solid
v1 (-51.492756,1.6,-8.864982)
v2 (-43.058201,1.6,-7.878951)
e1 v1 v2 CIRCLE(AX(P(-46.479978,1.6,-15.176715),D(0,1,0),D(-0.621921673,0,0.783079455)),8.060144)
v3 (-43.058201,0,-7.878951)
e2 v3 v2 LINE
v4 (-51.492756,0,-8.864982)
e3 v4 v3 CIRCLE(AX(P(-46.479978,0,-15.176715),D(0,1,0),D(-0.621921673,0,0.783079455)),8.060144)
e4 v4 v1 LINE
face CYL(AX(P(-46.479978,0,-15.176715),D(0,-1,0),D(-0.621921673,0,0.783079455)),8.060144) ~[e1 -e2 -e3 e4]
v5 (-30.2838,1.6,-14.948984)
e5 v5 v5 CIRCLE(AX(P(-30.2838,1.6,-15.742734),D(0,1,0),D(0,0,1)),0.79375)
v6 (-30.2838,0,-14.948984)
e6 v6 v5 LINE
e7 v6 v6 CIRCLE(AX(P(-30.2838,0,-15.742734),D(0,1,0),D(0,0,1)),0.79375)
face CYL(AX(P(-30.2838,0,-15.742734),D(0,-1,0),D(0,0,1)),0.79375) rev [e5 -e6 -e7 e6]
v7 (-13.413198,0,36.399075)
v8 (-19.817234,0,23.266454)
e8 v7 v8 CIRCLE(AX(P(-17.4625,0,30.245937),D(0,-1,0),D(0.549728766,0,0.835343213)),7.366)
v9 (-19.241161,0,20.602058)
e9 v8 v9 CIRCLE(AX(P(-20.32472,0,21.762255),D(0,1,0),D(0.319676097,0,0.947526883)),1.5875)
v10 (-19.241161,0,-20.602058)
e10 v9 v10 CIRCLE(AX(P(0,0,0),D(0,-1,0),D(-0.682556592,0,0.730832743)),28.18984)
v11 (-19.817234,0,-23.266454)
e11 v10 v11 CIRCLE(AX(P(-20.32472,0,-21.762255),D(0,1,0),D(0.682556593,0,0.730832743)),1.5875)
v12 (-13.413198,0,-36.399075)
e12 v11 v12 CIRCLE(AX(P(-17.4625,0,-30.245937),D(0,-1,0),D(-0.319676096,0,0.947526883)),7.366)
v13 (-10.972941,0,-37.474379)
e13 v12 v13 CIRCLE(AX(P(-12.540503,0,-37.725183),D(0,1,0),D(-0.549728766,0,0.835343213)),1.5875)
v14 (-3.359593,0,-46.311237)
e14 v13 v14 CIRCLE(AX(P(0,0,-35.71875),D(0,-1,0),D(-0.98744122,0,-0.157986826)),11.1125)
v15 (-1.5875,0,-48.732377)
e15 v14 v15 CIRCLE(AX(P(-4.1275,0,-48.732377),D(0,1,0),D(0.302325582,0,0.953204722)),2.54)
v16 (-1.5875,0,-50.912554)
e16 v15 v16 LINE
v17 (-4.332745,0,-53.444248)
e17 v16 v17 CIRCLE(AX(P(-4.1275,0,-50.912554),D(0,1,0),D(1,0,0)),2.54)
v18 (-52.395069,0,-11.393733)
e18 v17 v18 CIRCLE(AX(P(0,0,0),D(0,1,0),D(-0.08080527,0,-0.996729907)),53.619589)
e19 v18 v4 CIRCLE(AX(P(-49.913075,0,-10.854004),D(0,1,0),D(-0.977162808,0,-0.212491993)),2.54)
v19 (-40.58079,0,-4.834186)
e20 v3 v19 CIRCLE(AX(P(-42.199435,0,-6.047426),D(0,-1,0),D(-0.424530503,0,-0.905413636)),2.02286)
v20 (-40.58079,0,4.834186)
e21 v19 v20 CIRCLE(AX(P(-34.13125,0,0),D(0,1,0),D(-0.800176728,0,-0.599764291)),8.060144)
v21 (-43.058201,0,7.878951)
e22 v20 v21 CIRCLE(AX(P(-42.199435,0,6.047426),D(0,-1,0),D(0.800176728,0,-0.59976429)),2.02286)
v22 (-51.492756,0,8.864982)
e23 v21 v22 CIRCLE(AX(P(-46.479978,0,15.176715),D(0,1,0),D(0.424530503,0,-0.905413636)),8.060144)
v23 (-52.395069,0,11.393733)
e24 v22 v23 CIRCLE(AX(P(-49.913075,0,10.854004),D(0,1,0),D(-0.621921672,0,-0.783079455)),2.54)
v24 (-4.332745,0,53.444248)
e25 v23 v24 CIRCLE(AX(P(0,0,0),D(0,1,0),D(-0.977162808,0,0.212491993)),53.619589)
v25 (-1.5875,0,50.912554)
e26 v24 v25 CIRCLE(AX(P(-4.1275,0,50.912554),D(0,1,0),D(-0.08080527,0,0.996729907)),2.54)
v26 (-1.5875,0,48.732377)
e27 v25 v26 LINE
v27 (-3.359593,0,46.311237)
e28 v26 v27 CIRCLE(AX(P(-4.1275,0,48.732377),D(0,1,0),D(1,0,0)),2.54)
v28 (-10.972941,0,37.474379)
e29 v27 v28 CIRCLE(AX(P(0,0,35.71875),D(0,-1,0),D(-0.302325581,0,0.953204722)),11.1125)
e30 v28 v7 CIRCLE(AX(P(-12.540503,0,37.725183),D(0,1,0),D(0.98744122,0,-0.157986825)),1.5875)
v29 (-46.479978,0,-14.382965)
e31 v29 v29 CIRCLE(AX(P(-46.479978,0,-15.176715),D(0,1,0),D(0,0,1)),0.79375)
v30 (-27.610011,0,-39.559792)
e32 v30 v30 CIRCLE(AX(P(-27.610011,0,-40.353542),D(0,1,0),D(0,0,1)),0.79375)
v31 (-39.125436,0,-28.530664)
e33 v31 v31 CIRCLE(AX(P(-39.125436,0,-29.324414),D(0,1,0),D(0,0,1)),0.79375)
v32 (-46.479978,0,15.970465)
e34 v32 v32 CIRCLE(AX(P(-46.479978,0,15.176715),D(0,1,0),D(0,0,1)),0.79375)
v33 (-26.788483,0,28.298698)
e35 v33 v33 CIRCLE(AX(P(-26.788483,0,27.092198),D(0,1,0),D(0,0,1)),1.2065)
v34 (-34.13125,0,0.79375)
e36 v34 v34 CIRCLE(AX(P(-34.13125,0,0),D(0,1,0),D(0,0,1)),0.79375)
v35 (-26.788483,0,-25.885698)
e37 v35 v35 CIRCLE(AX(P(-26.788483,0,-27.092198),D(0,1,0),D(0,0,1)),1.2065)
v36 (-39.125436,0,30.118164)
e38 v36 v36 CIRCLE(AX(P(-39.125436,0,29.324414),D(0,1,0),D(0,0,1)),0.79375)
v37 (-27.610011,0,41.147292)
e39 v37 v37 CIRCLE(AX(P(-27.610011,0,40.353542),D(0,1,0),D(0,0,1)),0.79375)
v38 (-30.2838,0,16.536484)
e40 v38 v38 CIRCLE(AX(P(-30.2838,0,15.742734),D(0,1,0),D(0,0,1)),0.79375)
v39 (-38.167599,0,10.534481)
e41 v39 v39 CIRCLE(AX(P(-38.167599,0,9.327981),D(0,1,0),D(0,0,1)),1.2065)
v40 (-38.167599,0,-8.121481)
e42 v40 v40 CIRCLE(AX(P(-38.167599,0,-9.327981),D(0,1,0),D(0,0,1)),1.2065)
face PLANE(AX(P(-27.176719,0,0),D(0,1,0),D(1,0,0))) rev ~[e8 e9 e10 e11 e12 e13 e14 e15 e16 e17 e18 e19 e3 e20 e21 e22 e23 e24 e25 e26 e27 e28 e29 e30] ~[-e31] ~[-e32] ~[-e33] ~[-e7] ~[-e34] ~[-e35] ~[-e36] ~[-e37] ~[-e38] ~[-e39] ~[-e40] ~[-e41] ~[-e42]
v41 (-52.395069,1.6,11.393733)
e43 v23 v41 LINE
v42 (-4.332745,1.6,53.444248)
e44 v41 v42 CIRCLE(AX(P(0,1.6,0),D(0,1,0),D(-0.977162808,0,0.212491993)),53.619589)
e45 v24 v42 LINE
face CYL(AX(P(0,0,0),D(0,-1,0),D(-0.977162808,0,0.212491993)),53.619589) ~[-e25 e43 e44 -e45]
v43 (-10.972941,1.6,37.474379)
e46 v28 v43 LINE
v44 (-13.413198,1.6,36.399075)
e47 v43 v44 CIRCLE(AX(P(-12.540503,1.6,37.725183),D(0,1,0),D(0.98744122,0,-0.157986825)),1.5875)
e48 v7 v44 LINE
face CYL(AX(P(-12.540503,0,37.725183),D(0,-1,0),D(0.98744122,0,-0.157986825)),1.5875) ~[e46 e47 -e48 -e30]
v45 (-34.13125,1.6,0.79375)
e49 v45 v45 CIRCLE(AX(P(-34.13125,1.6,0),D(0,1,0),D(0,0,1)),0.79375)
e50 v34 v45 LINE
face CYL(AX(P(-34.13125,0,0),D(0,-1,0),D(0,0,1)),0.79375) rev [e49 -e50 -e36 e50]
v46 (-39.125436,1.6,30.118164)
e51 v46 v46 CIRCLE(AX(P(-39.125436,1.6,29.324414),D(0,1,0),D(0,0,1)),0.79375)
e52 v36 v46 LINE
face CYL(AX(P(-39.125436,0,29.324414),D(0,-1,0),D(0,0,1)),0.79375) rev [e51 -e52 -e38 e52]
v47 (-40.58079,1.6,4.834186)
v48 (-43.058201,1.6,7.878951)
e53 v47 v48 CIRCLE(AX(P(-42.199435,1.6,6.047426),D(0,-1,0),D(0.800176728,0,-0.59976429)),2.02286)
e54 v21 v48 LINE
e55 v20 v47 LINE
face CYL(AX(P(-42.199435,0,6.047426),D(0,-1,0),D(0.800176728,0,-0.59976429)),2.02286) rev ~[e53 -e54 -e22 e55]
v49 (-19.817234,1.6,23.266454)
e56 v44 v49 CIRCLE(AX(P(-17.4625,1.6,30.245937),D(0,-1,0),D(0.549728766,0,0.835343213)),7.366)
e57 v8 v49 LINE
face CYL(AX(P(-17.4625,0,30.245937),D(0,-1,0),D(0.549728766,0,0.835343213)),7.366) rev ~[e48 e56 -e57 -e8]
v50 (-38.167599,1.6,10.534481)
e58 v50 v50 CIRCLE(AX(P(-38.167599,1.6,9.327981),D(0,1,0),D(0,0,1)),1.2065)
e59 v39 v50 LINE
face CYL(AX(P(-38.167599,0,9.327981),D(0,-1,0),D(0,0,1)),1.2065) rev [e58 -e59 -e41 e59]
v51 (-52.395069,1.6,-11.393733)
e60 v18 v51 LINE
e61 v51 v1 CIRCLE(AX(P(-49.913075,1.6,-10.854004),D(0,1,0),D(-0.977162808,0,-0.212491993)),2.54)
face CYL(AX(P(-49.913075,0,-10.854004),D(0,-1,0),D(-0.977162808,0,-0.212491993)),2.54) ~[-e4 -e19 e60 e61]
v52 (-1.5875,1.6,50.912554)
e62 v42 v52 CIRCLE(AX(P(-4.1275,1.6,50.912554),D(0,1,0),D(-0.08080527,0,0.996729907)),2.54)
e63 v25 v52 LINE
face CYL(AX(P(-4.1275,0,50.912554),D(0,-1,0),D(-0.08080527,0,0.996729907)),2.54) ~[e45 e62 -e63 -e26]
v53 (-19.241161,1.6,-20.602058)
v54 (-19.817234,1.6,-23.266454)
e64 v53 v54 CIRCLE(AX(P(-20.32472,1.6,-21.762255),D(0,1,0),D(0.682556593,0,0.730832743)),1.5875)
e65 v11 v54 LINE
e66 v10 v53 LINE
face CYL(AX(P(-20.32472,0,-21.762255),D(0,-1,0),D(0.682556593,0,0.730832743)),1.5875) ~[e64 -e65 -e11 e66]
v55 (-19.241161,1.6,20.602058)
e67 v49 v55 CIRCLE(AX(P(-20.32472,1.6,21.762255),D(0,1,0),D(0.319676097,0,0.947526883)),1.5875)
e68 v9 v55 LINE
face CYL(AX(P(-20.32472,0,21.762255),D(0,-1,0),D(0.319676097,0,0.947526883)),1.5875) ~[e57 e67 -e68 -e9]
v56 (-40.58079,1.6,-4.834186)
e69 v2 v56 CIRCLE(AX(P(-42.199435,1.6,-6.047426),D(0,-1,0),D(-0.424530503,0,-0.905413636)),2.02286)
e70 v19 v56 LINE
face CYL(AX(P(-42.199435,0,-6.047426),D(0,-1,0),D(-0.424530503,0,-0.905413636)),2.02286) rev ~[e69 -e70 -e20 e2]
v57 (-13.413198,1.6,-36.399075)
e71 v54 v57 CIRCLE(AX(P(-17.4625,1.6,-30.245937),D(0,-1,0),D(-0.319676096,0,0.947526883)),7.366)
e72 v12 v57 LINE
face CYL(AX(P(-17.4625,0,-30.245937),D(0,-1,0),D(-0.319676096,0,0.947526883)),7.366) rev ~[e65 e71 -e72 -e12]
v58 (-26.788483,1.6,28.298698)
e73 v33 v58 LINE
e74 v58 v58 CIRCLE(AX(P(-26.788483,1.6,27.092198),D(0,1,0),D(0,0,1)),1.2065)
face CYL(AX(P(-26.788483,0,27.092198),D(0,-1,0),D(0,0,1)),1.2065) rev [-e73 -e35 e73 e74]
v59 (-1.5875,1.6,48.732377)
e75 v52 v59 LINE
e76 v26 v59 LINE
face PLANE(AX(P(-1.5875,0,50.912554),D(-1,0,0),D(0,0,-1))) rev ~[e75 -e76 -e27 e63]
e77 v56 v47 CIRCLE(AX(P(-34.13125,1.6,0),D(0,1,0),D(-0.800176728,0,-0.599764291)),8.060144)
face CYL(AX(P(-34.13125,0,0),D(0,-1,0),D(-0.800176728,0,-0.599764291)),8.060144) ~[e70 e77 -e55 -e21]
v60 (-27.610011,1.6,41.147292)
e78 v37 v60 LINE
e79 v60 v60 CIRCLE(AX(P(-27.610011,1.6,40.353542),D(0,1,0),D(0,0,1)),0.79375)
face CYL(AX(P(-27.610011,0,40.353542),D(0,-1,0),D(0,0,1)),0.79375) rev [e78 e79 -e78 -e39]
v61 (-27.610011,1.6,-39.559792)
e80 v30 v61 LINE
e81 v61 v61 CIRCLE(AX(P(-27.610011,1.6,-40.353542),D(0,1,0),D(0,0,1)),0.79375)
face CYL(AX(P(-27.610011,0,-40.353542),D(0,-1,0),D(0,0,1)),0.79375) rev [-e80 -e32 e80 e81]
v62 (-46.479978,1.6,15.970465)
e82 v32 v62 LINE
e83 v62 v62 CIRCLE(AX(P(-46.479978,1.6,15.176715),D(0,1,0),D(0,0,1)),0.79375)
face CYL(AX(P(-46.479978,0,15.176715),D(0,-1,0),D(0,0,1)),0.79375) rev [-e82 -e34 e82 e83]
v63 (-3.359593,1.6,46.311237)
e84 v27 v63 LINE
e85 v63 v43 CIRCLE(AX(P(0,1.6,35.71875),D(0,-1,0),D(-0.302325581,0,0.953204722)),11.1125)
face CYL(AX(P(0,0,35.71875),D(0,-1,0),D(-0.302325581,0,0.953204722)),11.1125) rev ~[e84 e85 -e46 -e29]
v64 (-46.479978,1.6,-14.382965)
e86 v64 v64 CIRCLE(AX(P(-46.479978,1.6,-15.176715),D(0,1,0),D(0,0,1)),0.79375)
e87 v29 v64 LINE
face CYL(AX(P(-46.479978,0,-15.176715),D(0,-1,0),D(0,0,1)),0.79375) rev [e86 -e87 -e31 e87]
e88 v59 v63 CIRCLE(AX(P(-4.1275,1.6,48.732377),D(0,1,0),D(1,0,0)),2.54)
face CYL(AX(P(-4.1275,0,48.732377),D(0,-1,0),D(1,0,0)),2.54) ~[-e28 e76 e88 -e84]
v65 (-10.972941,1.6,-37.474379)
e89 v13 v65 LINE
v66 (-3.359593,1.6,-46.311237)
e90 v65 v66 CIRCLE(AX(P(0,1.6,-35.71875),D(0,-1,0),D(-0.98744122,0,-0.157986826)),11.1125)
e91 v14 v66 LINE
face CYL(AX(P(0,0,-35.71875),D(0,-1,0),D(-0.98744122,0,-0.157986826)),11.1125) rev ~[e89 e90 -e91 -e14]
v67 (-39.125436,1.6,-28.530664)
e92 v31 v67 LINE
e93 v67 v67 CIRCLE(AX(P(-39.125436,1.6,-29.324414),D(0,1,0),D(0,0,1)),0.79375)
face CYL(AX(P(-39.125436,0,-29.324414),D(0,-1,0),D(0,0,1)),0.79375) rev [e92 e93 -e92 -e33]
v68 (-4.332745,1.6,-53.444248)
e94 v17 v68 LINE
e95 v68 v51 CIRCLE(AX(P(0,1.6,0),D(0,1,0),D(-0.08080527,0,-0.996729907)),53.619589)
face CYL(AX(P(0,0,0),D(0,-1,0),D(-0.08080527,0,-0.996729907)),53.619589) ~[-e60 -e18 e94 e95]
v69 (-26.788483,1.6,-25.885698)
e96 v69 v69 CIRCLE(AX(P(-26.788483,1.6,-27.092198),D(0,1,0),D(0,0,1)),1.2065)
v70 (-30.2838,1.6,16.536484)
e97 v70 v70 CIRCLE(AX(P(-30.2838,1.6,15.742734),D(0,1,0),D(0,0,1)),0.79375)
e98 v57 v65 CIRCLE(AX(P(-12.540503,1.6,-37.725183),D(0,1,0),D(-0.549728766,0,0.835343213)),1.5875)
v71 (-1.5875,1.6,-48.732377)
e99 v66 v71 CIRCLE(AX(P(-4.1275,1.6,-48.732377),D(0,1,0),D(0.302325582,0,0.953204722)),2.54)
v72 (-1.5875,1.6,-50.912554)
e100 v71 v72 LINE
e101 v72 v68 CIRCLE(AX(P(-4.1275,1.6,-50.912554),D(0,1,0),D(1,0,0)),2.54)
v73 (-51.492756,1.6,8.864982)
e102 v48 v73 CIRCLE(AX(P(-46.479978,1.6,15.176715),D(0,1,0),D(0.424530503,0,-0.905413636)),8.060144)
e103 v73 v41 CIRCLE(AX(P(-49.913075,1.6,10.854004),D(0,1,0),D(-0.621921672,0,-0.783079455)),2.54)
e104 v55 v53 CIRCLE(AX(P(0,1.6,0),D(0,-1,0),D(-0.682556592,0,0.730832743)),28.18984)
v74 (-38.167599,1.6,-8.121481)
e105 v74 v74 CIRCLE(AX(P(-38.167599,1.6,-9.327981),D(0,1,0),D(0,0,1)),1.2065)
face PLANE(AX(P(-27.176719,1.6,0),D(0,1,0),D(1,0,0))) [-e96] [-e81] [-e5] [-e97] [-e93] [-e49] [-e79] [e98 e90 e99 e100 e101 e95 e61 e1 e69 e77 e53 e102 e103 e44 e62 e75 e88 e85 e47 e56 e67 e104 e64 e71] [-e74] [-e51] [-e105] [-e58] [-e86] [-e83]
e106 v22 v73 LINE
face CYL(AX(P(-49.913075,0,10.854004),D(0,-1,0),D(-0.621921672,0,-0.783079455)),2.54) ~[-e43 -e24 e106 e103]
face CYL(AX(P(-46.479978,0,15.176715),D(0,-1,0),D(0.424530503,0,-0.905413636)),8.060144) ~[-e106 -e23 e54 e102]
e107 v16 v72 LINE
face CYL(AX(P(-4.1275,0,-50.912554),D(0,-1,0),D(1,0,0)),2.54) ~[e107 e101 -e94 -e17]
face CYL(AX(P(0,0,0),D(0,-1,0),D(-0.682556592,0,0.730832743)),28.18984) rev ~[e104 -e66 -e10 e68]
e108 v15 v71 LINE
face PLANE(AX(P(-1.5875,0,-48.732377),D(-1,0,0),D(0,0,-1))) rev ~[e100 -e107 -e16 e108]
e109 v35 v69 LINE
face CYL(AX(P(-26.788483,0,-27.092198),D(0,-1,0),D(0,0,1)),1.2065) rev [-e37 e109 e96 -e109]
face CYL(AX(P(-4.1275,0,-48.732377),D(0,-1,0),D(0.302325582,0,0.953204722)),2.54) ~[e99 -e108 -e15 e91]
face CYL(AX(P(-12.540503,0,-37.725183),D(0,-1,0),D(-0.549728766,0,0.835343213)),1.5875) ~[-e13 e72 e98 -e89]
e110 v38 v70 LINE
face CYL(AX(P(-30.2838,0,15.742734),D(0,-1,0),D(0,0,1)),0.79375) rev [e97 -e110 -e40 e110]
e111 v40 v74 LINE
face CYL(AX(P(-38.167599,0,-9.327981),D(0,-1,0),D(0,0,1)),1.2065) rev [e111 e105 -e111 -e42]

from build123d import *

# Parameters (mm, degrees)
SKETCH2_R           = 0.79375
SKETCH2_R_2         = 1.2065
BOSS_EXTRUDE1_DEPTH = 1.6


with BuildPart() as part:
    # Sketch2 → Boss-Extrude1 (new body)
    with BuildSketch(Plane(origin=(0, 0, 0), x_dir=(1, 0, 0), z_dir=(0, 1, 0))):
        with BuildLine():
            Line((-1.5875, 48.732377473), (-1.5875, 50.912554448))
            ThreePointArc((-1.5875, 50.912554448), (-2.405542288, 52.779761356), (-4.332745385, 53.444248412))
            ThreePointArc((-4.332745385, 53.444248412), (-35.306836043, 40.354525144), (-52.395068561, 11.393733429))
            ThreePointArc((-52.395068561, 11.393733429), (-52.305343014, 10.000391507), (-51.492756078, 8.864981951))
            ThreePointArc((-51.492756078, 8.864981951), (-47.415865481, 7.171089887), (-43.058200955, 7.878950847))
            ThreePointArc((-43.058200955, 7.878950847), (-40.630358405, 7.324125051), (-40.580789574, 4.834186489))
            ThreePointArc((-40.580789574, 4.834186489), (-42.191393903, 0), (-40.580789574, -4.834186489))
            ThreePointArc((-40.580789574, -4.834186489), (-40.630358405, -7.324125051), (-43.058200955, -7.878950847))
            ThreePointArc((-43.058200955, -7.878950847), (-47.415865481, -7.171089887), (-51.492756078, -8.864981951))
            ThreePointArc((-51.492756078, -8.864981951), (-52.305343014, -10.000391507), (-52.395068561, -11.393733429))
            ThreePointArc((-52.395068561, -11.393733429), (-35.306836043, -40.354525144), (-4.332745385, -53.444248412))
            ThreePointArc((-4.332745385, -53.444248412), (-2.405542288, -52.779761356), (-1.5875, -50.912554448))
            Line((-1.5875, -50.912554448), (-1.5875, -48.732377473))
            ThreePointArc((-1.5875, -48.732377473), (-2.077855675, -47.232191438), (-3.359593023, -46.311237478))
            ThreePointArc((-3.359593023, -46.311237478), (-8.418901259, -42.972008429), (-10.972940557, -37.474378601))
            ThreePointArc((-10.972940557, -37.474378601), (-11.900363007, -36.272469223), (-13.41319791, -36.399075336))
            ThreePointArc((-13.41319791, -36.399075336), (-24.083249547, -33.474502145), (-19.817234122, -23.266454208))
            ThreePointArc((-19.817234122, -23.266454208), (-18.773073396, -22.097738961), (-19.241161334, -20.602058302))
            ThreePointArc((-19.241161334, -20.602058302), (-28.189840294, 0), (-19.241161334, 20.602058302))
            ThreePointArc((-19.241161334, 20.602058302), (-18.773073396, 22.097738961), (-19.817234122, 23.266454208))
            ThreePointArc((-19.817234122, 23.266454208), (-24.083249547, 33.474502145), (-13.41319791, 36.399075336))
            ThreePointArc((-13.41319791, 36.399075336), (-11.900363007, 36.272469223), (-10.972940557, 37.474378601))
            ThreePointArc((-10.972940557, 37.474378601), (-8.418901259, 42.972008429), (-3.359593023, 46.311237478))
            ThreePointArc((-3.359593023, 46.311237478), (-2.077855675, 47.232191438), (-1.5875, 48.732377473))
        make_face()
        with Locations(Location((-39.125436229, 29.324414144, 0), (0, 0, 270))):
            Circle(SKETCH2_R, mode=Mode.SUBTRACT)
        with Locations(Location((-30.283799979, -15.742734369, 0), (0, 0, 270))):
            Circle(SKETCH2_R, mode=Mode.SUBTRACT)
        with Locations(Location((-46.479977899, -15.176715045, 0), (0, 0, 270))):
            Circle(SKETCH2_R, mode=Mode.SUBTRACT)
        with Locations(Location((-34.13125, 0, 0), (0, 0, 270))):
            Circle(SKETCH2_R, mode=Mode.SUBTRACT)
        with Locations(Location((-46.479977899, 15.176715045, 0), (0, 0, 270))):
            Circle(SKETCH2_R, mode=Mode.SUBTRACT)
        with Locations(Location((-30.283799979, 15.742734369, 0), (0, 0, 270))):
            Circle(SKETCH2_R, mode=Mode.SUBTRACT)
        with Locations(Location((-38.167598541, -9.327981047, 0), (0, 0, 270))):
            Circle(SKETCH2_R_2, mode=Mode.SUBTRACT)
        with Locations(Location((-38.167598541, 9.327981047, 0), (0, 0, 270))):
            Circle(SKETCH2_R_2, mode=Mode.SUBTRACT)
        with Locations(Location((-26.788483085, 27.092197659, 0), (0, 0, 270))):
            Circle(SKETCH2_R_2, mode=Mode.SUBTRACT)
        with Locations(Location((-27.610010923, 40.353541627, 0), (0, 0, 270))):
            Circle(SKETCH2_R, mode=Mode.SUBTRACT)
        with Locations(Location((-39.125436229, -29.324414144, 0), (0, 0, 270))):
            Circle(SKETCH2_R, mode=Mode.SUBTRACT)
        with Locations(Location((-26.788483085, -27.092197659, 0), (0, 0, 270))):
            Circle(SKETCH2_R_2, mode=Mode.SUBTRACT)
        with Locations(Location((-27.610010923, -40.353541627, 0), (0, 0, 270))):
            Circle(SKETCH2_R, mode=Mode.SUBTRACT)
    extrude(amount=BOSS_EXTRUDE1_DEPTH)


solid = part.part
